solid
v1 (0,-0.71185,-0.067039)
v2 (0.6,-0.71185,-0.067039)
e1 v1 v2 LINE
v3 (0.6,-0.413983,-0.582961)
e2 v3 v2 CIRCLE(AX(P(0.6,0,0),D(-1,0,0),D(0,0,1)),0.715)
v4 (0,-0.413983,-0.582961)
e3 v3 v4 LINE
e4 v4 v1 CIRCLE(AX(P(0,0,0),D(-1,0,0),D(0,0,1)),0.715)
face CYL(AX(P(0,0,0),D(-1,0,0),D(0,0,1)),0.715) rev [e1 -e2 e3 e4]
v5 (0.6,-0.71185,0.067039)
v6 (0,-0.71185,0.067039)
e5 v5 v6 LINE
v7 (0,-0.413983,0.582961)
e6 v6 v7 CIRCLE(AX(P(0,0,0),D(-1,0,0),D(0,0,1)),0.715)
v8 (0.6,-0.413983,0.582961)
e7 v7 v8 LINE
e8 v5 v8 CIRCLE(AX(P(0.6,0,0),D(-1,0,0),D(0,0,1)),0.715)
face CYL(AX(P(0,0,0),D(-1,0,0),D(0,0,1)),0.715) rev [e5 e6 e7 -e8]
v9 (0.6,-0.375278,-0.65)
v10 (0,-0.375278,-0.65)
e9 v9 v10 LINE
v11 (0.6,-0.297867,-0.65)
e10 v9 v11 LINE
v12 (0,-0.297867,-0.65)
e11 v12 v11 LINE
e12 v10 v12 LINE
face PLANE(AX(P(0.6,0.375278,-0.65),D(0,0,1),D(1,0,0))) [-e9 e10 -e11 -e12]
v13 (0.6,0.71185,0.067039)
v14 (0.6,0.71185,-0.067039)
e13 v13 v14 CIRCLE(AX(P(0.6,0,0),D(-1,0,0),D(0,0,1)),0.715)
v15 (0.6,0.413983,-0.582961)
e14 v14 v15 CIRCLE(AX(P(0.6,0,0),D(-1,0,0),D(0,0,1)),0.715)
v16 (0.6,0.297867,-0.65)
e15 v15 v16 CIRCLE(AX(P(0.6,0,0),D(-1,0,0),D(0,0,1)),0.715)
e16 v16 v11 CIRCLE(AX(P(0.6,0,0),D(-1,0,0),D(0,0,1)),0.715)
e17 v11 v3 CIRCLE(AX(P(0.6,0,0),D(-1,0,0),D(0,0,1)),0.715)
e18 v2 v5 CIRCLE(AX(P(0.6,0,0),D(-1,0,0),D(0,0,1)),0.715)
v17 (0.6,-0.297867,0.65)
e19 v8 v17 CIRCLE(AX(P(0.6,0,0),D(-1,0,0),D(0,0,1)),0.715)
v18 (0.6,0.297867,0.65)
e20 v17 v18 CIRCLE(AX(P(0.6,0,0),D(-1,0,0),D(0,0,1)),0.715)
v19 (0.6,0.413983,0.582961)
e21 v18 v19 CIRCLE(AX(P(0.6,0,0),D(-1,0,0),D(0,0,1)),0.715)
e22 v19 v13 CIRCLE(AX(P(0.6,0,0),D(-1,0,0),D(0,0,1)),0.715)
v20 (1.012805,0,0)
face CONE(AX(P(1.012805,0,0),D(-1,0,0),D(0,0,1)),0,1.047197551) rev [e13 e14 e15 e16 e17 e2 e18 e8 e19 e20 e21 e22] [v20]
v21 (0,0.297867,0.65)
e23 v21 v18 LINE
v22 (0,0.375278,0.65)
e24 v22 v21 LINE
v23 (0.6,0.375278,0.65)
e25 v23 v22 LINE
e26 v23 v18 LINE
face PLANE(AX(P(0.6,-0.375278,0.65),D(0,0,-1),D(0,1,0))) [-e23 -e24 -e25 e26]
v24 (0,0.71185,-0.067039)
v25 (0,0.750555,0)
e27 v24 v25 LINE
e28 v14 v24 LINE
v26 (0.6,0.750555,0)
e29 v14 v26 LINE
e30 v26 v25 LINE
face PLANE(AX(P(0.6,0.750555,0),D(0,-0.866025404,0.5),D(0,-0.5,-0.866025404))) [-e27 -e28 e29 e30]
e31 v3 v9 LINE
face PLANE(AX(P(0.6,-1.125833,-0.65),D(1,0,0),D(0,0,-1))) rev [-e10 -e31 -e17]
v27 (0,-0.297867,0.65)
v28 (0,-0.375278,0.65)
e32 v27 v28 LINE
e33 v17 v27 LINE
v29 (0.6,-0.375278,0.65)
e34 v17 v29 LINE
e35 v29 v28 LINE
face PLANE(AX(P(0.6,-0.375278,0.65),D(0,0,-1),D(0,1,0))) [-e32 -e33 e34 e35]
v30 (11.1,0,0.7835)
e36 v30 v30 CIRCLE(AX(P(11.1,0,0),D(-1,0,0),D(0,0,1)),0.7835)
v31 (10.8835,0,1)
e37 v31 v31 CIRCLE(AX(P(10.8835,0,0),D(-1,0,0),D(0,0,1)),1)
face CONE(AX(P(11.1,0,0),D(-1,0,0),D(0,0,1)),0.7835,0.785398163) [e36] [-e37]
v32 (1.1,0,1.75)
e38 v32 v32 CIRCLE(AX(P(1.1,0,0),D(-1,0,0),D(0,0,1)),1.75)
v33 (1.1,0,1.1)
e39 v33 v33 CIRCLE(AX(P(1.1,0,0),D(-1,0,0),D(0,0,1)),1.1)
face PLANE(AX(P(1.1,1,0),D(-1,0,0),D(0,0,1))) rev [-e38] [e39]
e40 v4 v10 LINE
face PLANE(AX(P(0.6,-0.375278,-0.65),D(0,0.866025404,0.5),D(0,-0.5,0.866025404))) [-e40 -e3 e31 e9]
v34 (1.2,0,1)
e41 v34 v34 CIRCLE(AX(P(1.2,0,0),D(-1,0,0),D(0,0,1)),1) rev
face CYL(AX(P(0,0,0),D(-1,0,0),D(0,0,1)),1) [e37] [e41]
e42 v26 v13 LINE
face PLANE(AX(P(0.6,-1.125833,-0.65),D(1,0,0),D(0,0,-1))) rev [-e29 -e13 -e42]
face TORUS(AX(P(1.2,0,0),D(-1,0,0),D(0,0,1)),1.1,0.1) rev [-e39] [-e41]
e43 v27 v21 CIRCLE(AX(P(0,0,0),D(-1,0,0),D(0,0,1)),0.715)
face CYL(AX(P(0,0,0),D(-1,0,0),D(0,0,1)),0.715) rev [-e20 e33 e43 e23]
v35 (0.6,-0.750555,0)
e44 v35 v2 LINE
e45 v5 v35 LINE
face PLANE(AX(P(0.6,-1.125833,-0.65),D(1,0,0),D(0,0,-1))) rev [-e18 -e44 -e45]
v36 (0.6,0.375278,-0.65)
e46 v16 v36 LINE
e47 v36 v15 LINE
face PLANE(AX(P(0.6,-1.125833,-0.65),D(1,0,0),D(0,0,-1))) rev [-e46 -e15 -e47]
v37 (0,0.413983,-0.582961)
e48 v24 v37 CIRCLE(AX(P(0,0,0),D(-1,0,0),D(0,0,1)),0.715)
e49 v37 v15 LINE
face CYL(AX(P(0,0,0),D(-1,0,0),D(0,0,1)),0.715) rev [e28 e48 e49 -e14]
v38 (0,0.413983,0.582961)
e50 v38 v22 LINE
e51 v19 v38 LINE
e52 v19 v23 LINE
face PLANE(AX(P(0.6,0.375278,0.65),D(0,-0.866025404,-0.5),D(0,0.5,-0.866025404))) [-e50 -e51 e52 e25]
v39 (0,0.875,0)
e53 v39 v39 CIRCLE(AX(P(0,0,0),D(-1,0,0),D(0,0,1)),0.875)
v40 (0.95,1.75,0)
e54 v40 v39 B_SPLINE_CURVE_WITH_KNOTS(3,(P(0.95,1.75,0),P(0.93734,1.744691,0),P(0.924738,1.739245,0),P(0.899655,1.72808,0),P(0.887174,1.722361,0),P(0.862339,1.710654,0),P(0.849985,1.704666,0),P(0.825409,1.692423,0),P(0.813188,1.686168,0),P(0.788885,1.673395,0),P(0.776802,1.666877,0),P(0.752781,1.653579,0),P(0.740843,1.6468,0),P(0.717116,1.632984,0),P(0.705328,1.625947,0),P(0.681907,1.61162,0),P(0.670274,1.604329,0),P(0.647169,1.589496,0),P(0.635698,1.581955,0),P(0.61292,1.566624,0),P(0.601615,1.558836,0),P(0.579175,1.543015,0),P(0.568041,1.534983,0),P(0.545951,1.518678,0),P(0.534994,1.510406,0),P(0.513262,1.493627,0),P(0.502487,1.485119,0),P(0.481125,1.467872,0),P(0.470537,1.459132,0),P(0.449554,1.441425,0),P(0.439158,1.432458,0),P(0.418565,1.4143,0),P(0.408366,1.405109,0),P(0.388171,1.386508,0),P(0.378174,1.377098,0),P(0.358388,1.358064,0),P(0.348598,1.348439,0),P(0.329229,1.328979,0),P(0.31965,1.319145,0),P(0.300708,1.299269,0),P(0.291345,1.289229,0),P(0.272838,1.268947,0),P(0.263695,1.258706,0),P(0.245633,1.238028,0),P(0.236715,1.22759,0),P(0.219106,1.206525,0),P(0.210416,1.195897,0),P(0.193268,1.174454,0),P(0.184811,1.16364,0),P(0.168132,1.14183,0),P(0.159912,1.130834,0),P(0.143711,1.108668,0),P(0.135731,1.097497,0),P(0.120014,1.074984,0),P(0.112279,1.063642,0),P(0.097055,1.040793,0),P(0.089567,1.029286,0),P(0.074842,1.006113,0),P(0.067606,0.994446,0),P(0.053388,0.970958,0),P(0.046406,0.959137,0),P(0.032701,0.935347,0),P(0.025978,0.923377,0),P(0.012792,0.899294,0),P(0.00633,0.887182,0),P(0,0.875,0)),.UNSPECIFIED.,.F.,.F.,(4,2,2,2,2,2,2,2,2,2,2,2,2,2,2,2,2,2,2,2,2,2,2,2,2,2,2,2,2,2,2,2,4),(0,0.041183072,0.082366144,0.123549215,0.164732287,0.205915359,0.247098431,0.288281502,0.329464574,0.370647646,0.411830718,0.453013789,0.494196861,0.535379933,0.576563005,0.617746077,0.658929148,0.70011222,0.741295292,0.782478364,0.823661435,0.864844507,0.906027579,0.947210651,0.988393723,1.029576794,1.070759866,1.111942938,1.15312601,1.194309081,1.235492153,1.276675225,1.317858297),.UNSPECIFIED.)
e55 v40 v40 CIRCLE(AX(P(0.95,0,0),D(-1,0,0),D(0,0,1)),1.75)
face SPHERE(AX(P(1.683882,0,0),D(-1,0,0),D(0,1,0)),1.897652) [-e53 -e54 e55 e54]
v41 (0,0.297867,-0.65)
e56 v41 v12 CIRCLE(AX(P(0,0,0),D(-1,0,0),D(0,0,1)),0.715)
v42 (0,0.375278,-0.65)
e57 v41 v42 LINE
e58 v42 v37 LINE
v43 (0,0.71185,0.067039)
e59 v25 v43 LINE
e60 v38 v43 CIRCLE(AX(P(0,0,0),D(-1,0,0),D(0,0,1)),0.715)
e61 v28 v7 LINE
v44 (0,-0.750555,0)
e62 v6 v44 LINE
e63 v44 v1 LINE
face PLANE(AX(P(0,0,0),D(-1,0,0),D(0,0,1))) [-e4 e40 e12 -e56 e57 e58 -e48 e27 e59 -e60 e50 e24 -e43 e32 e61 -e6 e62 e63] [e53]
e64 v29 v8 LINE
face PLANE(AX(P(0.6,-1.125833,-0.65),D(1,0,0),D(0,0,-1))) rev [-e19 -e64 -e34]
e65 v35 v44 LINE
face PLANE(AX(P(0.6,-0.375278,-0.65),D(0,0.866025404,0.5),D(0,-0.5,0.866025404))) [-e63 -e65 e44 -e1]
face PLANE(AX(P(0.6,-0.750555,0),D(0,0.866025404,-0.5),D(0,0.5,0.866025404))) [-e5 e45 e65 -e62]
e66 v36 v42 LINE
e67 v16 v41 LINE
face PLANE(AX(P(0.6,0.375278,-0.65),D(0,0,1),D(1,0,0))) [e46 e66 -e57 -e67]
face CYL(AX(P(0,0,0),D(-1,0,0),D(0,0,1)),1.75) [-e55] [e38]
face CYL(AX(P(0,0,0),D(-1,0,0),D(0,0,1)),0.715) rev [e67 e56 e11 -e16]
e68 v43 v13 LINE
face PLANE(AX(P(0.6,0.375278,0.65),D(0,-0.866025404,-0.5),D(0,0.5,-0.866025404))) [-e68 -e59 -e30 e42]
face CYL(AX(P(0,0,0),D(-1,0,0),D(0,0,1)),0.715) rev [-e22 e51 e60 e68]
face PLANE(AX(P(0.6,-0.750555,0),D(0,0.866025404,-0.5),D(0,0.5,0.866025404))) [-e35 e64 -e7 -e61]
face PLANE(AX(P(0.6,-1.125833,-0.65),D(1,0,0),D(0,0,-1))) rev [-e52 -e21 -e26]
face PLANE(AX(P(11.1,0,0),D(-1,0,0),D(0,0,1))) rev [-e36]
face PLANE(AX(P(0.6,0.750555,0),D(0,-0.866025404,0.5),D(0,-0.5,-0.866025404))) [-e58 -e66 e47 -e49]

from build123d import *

# Parameters (mm, degrees)
FILLET1_R   = 0.1
HEX_2_DEPTH = 0.6


with BuildPart() as part:
    # BodySke → BaseBody (revolve)
    with BuildSketch(Plane.XY, mode=Mode.PRIVATE) as basebody_sk:
        with BuildLine():
            Line((11.1, 0), (11.1, 0.7835))
            Line((11.1, 0.7835), (10.8835, 1))
            Line((10.8835, 1), (1.1, 1))
            Line((1.1, 1), (1.1, 1.75))
            Line((1.1, 1.75), (0.95, 1.75))
            ThreePointArc((0.95, 1.75), (0.398268526, 1.395808457), (0, 0.875))
            Line((0, 0.875), (0, 0))
            Line((0, 0), (11.1, 0))
        make_face()
    revolve(basebody_sk.sketch.rotate(Axis((0, 0, 0), (1, 0, 0)), 90), axis=Axis((0, 0, 0), (1, 0, 0)))

    # Fillet1
    fillet1_edges = [part.edges().sort_by_distance(p)[0] for p in [
        (1.1, 0, -1),
    ]]
    fillet(fillet1_edges, radius=FILLET1_R)

    # Sketch2 → PreBroach (revolve, cut)
    with BuildSketch(Plane.XY, mode=Mode.PRIVATE) as prebroach_sk:
        Polygon((0, 0.715), (0.6, 0.715), (1.012805442, 0), (0, 0), align=None)
    revolve(prebroach_sk.sketch.rotate(Axis((0, 0, 0), (1, 0, 0)), 90), axis=Axis((0, 0, 0), (1, 0, 0)), mode=Mode.SUBTRACT)

    # Sketch3 → Hex 2 (cut)
    with BuildSketch(Plane(origin=(0, 0, 0), x_dir=(0, 0, -1), z_dir=(1, 0, 0))):
        Polygon((-0.65, -0.375277675), (-0.65, 0.375277675), (0, 0.75055535), (0.65, 0.375277675), (0.65, -0.375277675), (0, -0.75055535), align=None)
    extrude(amount=HEX_2_DEPTH, mode=Mode.SUBTRACT)


solid = part.part
